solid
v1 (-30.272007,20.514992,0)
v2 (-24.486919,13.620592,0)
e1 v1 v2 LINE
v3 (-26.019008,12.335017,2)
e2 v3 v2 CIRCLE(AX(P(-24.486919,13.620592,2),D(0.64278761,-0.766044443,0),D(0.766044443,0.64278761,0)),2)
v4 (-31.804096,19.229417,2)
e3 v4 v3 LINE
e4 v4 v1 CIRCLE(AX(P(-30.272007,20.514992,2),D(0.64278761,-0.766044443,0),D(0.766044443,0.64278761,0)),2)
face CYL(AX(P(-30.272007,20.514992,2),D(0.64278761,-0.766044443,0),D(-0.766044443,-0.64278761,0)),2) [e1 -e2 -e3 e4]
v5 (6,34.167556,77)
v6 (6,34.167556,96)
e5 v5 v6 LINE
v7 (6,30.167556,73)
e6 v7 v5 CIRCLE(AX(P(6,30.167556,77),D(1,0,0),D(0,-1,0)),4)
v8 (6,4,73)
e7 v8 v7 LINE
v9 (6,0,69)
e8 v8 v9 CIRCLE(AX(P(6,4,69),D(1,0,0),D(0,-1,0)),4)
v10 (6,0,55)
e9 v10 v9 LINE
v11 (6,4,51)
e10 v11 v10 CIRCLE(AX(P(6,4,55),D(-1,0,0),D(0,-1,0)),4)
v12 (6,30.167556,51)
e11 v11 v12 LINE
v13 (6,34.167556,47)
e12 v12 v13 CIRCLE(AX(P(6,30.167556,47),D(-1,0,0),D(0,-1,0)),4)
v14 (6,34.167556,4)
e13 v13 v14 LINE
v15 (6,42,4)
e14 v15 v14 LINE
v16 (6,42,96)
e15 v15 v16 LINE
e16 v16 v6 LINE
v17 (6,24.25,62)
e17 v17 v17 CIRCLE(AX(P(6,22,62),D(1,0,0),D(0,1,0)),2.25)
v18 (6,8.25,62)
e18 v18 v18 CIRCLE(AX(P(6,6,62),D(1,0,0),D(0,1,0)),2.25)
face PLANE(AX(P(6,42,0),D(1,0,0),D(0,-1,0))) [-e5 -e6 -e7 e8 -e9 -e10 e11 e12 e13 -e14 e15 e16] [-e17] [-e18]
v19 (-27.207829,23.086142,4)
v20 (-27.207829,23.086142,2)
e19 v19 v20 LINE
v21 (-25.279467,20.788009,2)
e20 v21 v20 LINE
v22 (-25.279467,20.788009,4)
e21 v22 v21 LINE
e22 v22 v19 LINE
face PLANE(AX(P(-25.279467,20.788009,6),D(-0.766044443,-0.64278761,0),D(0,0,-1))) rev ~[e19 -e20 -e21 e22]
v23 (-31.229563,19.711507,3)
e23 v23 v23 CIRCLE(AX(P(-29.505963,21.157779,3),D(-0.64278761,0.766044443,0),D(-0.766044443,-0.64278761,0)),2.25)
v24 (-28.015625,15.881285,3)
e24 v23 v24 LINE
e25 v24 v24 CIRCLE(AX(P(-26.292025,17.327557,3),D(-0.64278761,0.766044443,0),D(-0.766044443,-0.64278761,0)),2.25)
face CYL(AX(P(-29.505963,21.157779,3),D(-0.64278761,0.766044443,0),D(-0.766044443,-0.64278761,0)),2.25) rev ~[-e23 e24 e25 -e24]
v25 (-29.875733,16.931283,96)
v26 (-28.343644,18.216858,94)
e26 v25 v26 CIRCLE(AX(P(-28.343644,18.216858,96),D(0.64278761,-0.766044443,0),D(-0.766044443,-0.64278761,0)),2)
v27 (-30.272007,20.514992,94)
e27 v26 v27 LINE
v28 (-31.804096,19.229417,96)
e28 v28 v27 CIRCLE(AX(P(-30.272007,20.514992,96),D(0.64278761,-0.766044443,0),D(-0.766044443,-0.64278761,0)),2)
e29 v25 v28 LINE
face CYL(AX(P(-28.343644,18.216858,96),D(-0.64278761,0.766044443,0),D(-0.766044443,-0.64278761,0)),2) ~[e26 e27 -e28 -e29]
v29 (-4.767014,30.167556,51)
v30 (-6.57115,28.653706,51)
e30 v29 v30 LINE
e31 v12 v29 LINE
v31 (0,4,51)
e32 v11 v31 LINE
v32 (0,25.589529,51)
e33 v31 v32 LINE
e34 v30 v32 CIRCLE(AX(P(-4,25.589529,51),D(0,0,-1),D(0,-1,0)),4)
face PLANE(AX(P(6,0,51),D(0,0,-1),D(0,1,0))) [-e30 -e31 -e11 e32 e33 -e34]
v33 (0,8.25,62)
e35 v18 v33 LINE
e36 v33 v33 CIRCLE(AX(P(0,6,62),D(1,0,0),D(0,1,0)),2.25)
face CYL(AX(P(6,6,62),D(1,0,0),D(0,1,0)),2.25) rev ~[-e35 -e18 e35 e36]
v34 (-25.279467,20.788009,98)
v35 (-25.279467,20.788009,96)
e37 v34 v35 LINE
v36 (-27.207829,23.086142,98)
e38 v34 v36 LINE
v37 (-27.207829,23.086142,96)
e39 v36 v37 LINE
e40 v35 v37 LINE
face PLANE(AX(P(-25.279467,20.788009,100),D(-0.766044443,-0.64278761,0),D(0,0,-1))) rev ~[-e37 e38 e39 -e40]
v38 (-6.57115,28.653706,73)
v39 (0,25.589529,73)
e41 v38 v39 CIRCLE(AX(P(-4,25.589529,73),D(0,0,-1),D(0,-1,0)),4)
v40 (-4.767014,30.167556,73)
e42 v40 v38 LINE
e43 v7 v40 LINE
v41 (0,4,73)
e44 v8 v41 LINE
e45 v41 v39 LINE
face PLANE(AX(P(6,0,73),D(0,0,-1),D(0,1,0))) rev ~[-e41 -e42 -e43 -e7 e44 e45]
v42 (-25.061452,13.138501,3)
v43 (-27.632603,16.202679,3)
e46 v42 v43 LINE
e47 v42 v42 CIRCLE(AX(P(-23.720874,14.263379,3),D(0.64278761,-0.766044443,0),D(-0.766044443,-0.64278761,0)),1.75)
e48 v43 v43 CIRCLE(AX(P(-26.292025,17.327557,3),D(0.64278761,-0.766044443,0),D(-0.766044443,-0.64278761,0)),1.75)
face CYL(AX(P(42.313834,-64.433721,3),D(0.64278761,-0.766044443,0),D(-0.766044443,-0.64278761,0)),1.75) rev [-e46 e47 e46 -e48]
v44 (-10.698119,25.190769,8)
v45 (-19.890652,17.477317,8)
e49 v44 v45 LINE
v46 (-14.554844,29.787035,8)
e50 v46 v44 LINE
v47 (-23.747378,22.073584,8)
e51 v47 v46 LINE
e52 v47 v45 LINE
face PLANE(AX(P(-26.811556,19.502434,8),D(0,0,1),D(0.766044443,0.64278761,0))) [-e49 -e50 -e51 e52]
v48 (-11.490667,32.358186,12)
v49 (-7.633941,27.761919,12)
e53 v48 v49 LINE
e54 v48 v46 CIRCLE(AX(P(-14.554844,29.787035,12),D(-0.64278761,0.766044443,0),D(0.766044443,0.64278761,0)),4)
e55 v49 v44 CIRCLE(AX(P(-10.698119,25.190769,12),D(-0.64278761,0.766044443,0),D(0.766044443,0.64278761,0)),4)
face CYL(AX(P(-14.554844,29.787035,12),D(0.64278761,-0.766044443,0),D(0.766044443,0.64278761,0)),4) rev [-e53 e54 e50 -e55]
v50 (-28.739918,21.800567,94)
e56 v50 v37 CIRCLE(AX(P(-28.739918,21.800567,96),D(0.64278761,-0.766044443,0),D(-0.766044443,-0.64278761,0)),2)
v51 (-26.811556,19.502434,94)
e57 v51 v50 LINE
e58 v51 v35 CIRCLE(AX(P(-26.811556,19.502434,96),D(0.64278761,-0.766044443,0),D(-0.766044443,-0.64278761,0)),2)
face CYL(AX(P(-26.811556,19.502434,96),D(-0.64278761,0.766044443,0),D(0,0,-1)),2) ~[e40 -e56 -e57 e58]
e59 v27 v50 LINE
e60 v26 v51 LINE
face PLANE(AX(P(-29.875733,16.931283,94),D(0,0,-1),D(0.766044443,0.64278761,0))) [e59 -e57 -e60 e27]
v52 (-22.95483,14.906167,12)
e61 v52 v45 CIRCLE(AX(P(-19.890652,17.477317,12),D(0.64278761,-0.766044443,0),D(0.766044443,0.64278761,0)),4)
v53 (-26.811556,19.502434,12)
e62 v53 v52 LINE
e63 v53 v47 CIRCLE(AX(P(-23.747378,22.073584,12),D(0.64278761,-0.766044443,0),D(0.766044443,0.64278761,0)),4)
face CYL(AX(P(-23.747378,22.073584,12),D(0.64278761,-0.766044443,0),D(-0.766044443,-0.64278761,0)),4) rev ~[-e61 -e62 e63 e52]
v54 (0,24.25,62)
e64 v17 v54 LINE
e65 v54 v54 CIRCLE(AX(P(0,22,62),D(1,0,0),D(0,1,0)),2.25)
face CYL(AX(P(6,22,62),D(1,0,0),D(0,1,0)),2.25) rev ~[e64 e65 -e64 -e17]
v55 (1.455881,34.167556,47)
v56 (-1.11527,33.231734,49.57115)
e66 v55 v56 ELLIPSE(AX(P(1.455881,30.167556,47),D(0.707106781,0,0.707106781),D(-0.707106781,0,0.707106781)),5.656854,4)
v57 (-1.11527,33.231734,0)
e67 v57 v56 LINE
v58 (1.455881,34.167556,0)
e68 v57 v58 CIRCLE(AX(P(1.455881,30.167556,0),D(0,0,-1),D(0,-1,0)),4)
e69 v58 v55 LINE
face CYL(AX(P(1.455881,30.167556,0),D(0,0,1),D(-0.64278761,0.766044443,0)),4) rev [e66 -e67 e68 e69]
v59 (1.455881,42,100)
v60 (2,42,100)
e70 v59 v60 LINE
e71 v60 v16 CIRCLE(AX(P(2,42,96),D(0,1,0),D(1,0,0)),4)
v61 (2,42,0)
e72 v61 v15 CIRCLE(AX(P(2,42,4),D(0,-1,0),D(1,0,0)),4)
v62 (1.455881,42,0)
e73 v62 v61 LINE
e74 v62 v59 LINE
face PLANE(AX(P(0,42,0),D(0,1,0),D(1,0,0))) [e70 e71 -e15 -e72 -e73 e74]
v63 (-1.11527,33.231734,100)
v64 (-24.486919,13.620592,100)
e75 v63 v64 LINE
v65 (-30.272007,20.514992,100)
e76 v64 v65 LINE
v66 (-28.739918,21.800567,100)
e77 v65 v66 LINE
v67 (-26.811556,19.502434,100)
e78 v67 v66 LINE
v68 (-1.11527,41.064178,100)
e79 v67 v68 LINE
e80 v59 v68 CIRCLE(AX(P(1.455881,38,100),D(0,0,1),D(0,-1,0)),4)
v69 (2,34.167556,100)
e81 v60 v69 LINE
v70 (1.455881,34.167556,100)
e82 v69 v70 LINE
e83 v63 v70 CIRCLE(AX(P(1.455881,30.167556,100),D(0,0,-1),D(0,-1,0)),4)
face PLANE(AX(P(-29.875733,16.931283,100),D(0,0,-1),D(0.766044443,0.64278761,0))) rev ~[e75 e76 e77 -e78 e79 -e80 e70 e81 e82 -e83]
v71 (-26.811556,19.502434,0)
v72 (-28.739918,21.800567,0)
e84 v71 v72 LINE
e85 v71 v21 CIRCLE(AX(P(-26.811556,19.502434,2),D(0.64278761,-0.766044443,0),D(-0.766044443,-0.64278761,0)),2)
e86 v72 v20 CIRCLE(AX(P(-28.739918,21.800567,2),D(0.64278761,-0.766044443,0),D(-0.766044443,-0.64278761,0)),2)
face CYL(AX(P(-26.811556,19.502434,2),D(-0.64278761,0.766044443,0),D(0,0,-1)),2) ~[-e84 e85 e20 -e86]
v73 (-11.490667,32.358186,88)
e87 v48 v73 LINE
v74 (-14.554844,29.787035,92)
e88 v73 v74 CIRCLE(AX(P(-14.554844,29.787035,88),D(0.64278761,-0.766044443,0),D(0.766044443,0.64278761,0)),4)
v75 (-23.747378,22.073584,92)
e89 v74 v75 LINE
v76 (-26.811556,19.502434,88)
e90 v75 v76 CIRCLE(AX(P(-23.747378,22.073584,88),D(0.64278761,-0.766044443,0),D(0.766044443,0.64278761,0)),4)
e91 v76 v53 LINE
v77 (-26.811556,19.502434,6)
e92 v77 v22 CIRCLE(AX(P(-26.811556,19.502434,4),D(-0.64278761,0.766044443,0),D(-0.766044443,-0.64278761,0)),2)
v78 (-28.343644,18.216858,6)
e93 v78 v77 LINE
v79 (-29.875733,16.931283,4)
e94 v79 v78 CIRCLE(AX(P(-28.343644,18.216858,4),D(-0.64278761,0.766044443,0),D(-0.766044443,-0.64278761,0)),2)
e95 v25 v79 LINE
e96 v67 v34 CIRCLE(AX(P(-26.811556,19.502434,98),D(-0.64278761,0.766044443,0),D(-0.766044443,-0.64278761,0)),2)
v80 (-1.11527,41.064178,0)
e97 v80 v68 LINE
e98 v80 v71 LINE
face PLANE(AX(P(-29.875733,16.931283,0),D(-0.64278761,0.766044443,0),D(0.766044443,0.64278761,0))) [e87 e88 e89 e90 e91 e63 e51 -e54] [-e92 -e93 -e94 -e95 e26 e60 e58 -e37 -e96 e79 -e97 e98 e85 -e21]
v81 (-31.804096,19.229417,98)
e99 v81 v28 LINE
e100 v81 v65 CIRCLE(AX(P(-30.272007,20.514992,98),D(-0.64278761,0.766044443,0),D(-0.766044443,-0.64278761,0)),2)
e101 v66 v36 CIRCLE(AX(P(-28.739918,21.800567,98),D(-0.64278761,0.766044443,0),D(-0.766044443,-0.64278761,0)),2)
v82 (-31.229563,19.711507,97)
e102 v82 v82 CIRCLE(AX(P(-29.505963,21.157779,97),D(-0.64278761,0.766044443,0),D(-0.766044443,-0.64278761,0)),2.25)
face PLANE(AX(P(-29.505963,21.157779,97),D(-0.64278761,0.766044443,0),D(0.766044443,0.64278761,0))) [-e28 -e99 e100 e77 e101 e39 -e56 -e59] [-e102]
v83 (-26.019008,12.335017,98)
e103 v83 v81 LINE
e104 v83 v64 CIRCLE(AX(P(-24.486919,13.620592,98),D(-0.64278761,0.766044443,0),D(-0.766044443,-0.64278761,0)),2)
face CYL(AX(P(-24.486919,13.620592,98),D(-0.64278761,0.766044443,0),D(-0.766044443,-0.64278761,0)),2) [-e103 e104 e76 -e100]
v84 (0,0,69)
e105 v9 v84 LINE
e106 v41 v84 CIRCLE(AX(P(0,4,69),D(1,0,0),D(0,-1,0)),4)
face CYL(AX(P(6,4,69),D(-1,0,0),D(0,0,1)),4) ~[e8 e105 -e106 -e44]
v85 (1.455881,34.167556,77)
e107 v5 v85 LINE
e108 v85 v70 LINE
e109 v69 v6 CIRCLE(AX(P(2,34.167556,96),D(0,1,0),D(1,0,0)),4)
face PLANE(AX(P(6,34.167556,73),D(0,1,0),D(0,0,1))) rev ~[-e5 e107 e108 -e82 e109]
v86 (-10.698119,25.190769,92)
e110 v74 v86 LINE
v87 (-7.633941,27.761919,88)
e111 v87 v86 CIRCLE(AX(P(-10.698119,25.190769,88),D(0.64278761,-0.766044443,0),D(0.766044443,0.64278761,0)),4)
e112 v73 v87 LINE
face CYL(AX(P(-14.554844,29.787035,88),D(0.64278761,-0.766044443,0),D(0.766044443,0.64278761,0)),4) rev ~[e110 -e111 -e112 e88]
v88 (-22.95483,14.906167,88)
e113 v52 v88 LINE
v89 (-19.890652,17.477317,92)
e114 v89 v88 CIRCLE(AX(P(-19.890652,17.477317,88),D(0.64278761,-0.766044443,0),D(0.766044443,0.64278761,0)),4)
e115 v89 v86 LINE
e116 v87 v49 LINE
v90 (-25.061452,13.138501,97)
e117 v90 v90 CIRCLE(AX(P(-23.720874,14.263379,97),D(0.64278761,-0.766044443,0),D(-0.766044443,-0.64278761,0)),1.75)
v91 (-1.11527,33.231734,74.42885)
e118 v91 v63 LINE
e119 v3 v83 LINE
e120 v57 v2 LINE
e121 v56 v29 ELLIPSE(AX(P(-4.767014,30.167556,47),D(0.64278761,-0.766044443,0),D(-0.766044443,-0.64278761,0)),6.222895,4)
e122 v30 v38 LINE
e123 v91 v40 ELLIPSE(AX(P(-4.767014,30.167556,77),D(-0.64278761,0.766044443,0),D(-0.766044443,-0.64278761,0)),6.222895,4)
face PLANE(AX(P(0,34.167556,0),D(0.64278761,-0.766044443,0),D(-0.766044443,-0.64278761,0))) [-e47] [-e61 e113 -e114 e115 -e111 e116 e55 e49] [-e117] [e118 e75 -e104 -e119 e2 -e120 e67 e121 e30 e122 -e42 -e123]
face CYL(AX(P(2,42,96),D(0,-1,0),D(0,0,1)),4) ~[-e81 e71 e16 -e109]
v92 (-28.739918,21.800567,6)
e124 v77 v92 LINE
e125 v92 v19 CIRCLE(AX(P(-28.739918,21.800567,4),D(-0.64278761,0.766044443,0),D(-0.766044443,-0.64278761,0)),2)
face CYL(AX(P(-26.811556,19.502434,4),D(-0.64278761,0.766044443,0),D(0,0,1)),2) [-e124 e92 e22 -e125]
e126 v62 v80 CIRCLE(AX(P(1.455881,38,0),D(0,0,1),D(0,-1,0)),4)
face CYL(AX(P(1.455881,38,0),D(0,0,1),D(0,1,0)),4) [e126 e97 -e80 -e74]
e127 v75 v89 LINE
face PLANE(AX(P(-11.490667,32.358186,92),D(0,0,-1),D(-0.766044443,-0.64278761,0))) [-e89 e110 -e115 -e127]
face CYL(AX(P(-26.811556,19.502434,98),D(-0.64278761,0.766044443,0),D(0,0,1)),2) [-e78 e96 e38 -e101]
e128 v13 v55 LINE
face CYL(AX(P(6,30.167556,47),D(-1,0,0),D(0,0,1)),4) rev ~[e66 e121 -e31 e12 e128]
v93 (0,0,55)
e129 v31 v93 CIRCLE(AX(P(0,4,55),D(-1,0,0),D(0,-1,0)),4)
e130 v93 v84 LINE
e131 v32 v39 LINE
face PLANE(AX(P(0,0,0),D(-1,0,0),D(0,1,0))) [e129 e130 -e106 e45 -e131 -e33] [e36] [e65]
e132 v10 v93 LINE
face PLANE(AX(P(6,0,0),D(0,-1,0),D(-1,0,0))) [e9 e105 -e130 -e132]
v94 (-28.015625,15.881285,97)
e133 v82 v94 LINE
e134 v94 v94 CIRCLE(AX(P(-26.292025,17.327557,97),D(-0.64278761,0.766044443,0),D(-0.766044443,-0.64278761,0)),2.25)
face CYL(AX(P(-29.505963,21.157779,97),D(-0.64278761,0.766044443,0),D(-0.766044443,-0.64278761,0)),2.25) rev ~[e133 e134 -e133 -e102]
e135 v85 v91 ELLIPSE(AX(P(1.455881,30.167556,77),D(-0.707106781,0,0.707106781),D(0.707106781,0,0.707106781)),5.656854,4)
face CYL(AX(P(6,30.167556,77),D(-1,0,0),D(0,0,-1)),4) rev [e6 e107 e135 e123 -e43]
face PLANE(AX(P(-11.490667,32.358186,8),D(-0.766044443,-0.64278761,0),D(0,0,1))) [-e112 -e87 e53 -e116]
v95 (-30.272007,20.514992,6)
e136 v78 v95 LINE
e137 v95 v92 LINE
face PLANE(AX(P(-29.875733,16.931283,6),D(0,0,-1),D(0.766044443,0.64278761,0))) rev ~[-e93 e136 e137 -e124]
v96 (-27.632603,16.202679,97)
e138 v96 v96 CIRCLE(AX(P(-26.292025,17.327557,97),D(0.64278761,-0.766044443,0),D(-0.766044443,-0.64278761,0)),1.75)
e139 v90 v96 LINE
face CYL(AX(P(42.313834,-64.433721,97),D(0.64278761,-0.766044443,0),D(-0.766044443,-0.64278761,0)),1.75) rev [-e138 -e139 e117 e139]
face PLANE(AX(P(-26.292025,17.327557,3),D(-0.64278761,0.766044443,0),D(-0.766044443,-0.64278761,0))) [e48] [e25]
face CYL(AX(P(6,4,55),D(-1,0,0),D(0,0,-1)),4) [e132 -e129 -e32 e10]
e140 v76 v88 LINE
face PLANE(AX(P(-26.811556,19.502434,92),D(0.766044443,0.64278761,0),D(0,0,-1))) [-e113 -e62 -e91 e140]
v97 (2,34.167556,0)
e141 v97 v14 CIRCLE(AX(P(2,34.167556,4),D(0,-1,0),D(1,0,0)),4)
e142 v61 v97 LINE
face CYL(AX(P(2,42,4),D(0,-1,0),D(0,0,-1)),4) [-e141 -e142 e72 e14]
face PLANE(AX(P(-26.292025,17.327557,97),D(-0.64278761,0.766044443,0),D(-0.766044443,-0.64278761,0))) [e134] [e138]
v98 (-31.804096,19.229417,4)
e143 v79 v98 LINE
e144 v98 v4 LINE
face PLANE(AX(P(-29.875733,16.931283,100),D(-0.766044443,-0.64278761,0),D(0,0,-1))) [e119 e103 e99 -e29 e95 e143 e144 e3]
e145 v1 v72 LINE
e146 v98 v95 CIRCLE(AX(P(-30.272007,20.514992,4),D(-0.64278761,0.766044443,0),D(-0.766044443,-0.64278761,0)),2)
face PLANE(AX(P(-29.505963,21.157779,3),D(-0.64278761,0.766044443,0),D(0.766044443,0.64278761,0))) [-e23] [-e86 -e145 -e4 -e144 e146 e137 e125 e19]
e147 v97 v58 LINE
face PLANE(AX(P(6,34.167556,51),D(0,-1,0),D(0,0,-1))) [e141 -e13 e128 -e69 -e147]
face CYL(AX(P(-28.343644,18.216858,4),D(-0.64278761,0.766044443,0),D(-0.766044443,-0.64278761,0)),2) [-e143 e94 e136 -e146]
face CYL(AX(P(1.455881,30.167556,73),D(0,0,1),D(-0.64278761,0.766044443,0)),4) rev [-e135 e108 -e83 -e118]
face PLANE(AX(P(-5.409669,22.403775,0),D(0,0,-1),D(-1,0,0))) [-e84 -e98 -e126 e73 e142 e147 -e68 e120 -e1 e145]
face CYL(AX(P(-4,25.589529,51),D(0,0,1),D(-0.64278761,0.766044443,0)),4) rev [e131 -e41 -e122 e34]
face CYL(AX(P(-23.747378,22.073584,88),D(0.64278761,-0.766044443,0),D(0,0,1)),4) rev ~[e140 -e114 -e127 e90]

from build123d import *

# Parameters (mm, degrees)
BOSS_EXTRU_1_DEPTH           = 100
ESQUISSE2_W                  = 6
ESQUISSE2_H                  = 6.000000000000014
ESQUISSE2_H_2                = 6.000000000000005
BOSS_EXTRU_2_DEPTH           = 3
ESQUISSE3_R                  = 2.2500000000000027
ESQUISSE3_R_2                = 2.250000000000001
ENL_V_MAT_EXTRU_1_DEPTH      = 5
ENL_V_MAT_EXTRU_2_DEPTH      = 106.73176853427184
ENL_V_MAT_EXTRU_2_DEPTH_BACK = 106.73176853427184
ESQUISSE4_R                  = 1.7500000000000013
ESQUISSE4_R_2                = 1.75
CONG_1_R                     = 2
ENL_V_MAT_EXTRU_3_DEPTH      = 6
CONG_2_R                     = 4
ENL_V_MAT_EXTRU_5_DEPTH      = 6.000001
CONG_3_R                     = 4
ESQUISSE7_R                  = 2.2500000000000027
ESQUISSE7_R_2                = 2.250000000000002
ENL_V_MAT_EXTRU_6_DEPTH      = 6


with BuildPart() as part:
    # Esquisse1 → Boss.-Extru.1 (new body)
    with BuildSketch(Plane.XY):
        Polygon((0, 0), (0, 34.167556264006286), (-26.019007623520746, 12.33501656351095), (-29.875733281640006, 16.9312832222248), (0, 42), (5.999999999999995, 42), (6, 2.4e-16), align=None)
    extrude(amount=BOSS_EXTRU_1_DEPTH)

    # Esquisse2 → Boss.-Extru.2 (add)
    with BuildSketch(Plane(origin=(-20.680962813256418, 24.64661173100532, 0), x_dir=(0.7660444431189743, 0.6427876096865438, 0), z_dir=(-0.6427876096865438, 0.7660444431189745, 0))):
        with Locations((-9.002920393165164, -97)):
            Rectangle(ESQUISSE2_W, ESQUISSE2_H)
        with Locations((-9.002920393165164, -3.0000000000000027)):
            Rectangle(ESQUISSE2_W, ESQUISSE2_H_2)
    extrude(amount=BOSS_EXTRU_2_DEPTH)

    # Esquisse3 → Enlèv. mat.-Extru.1 (cut)
    with BuildSketch(Plane(origin=(-22.609325642316065, 26.94474506036225, 0), x_dir=(0.7660444431189746, 0.6427876096865436, 0), z_dir=(-0.6427876096865435, 0.7660444431189745, 0))):
        with Locations(Location((-9.002920393165152, -97, 0), (0, 0, 180))):
            Circle(ESQUISSE3_R)
        with Locations(Location((-9.002920393165152, -3.0000000000000027, 0), (0, 0, 180))):
            Circle(ESQUISSE3_R_2)
    extrude(amount=-ENL_V_MAT_EXTRU_1_DEPTH, mode=Mode.SUBTRACT)

    # Esquisse4 → Enlèv. mat.-Extru.2 (cut, two sides: drawn at the far end of the back side and taken through both)
    with BuildSketch(Plane(origin=(-19.395387593883342, 23.114522844767386, 0), x_dir=(0.7660444431189743, 0.6427876096865437, 0), z_dir=(-0.6427876096865437, 0.7660444431189743, 0)).offset(-ENL_V_MAT_EXTRU_2_DEPTH_BACK)):
        with Locations(Location((-9.002920393165155, -97, 0), (0, 0, 180))):
            Circle(ESQUISSE4_R)
        with Locations(Location((-9.002920393165155, -3.0000000000000027, 0), (0, 0, 180))):
            Circle(ESQUISSE4_R_2)
    extrude(amount=ENL_V_MAT_EXTRU_2_DEPTH + ENL_V_MAT_EXTRU_2_DEPTH_BACK, mode=Mode.SUBTRACT)

    # Congé1
    cong_1_edges = [part.edges().sort_by_distance(p)[0] for p in [
        (-28.91155186711019, 15.782216557546342, 100),
        (-30.83991469616982, 18.080349886903274, 94),
        (-26.243648037455976, 21.937075545022537, 100),
        (-26.243648037455976, 21.937075545022537, 94),
        (-26.243648037455976, 21.937075545022537, 0),
        (-30.83991469616982, 18.080349886903274, 6.000000000000005),
        (-26.243648037455976, 21.937075545022537, 6.000000000000005),
        (-28.91155186711019, 15.782216557546342, 0),
    ]]
    fillet(cong_1_edges, radius=CONG_1_R)

    # Esquisse5 → Enlèv. mat.-Extru.3 (cut)
    with BuildSketch(Plane(origin=(6, 7.4e-16, 0), x_dir=(0, 0, -1), z_dir=(1, 1.2e-16, 0))):
        Polygon((-100, -4.5e-16), (-73.00000000000001, 0), (-73.00000000000001, 34.167556264006286), (-100, 34.167556264006286), align=None)
        Polygon((0, 0), (-51, -6.25e-15), (-51, 34.167556264006286), (0, 34.167556264006286), align=None)
    extrude(amount=-ENL_V_MAT_EXTRU_3_DEPTH, mode=Mode.SUBTRACT)

    # Congé2
    cong_2_edges = [part.edges().sort_by_distance(p)[0] for p in [
        (0, 34.167556264006286, 62.00000000000001),
    ]]
    fillet(cong_2_edges, radius=CONG_2_R)

    # Esquisse6 → Enlèv. mat.-Extru.5 (cut)
    with BuildSketch(Plane(origin=(-20.68096281325642, 24.646611731005315, 0), x_dir=(0.7660444431189746, 0.6427876096865437, 0), z_dir=(-0.6427876096865437, 0.7660444431189746, 0))):
        Polygon((-8.002920393165189, -8.000000000000007), (11.997079606834813, -8.000000000000007), (11.997079606834824, -92), (-8.002920393165178, -92), align=None)
    extrude(amount=-ENL_V_MAT_EXTRU_5_DEPTH, mode=Mode.SUBTRACT)

    # Congé3
    cong_3_edges = [part.edges().sort_by_distance(p)[0] for p in [
        (0, 34.167556264006286, 86.5),
        (0, 42, 50),
        (5.999999999999996, 38.08377813200315, 100),
        (2.9999999999999964, 34.167556264006286, 73.00000000000001),
        (3, 4e-16, 73.00000000000001),
        (5.999999999999996, 38.08377813200315, 0),
        (3, -5.85e-15, 51),
        (0, 34.167556264006286, 25.5),
        (2.9999999999999964, 34.167556264006286, 51),
        (-24.88319268010449, 17.204300331614043, 92),
        (-24.8831926801045, 17.20430033161404, 8.000000000000007),
        (-9.562303817725006, 30.060052525344915, 8.000000000000007),
        (-9.562303817724995, 30.060052525344922, 92),
    ]]
    fillet(cong_3_edges, radius=CONG_3_R)

    # Esquisse7 → Enlèv. mat.-Extru.6 (cut)
    with BuildSketch(Plane(origin=(6, 7.4e-16, 0), x_dir=(0, 0, -1), z_dir=(1, 1.3e-16, 0))):
        with Locations(Location((-62, 22, 0), (0, 0, 90))):
            Circle(ESQUISSE7_R)
        with Locations(Location((-62, 6, 0), (0, 0, 90))):
            Circle(ESQUISSE7_R_2)
    extrude(amount=-ENL_V_MAT_EXTRU_6_DEPTH, mode=Mode.SUBTRACT)


solid = part.part
